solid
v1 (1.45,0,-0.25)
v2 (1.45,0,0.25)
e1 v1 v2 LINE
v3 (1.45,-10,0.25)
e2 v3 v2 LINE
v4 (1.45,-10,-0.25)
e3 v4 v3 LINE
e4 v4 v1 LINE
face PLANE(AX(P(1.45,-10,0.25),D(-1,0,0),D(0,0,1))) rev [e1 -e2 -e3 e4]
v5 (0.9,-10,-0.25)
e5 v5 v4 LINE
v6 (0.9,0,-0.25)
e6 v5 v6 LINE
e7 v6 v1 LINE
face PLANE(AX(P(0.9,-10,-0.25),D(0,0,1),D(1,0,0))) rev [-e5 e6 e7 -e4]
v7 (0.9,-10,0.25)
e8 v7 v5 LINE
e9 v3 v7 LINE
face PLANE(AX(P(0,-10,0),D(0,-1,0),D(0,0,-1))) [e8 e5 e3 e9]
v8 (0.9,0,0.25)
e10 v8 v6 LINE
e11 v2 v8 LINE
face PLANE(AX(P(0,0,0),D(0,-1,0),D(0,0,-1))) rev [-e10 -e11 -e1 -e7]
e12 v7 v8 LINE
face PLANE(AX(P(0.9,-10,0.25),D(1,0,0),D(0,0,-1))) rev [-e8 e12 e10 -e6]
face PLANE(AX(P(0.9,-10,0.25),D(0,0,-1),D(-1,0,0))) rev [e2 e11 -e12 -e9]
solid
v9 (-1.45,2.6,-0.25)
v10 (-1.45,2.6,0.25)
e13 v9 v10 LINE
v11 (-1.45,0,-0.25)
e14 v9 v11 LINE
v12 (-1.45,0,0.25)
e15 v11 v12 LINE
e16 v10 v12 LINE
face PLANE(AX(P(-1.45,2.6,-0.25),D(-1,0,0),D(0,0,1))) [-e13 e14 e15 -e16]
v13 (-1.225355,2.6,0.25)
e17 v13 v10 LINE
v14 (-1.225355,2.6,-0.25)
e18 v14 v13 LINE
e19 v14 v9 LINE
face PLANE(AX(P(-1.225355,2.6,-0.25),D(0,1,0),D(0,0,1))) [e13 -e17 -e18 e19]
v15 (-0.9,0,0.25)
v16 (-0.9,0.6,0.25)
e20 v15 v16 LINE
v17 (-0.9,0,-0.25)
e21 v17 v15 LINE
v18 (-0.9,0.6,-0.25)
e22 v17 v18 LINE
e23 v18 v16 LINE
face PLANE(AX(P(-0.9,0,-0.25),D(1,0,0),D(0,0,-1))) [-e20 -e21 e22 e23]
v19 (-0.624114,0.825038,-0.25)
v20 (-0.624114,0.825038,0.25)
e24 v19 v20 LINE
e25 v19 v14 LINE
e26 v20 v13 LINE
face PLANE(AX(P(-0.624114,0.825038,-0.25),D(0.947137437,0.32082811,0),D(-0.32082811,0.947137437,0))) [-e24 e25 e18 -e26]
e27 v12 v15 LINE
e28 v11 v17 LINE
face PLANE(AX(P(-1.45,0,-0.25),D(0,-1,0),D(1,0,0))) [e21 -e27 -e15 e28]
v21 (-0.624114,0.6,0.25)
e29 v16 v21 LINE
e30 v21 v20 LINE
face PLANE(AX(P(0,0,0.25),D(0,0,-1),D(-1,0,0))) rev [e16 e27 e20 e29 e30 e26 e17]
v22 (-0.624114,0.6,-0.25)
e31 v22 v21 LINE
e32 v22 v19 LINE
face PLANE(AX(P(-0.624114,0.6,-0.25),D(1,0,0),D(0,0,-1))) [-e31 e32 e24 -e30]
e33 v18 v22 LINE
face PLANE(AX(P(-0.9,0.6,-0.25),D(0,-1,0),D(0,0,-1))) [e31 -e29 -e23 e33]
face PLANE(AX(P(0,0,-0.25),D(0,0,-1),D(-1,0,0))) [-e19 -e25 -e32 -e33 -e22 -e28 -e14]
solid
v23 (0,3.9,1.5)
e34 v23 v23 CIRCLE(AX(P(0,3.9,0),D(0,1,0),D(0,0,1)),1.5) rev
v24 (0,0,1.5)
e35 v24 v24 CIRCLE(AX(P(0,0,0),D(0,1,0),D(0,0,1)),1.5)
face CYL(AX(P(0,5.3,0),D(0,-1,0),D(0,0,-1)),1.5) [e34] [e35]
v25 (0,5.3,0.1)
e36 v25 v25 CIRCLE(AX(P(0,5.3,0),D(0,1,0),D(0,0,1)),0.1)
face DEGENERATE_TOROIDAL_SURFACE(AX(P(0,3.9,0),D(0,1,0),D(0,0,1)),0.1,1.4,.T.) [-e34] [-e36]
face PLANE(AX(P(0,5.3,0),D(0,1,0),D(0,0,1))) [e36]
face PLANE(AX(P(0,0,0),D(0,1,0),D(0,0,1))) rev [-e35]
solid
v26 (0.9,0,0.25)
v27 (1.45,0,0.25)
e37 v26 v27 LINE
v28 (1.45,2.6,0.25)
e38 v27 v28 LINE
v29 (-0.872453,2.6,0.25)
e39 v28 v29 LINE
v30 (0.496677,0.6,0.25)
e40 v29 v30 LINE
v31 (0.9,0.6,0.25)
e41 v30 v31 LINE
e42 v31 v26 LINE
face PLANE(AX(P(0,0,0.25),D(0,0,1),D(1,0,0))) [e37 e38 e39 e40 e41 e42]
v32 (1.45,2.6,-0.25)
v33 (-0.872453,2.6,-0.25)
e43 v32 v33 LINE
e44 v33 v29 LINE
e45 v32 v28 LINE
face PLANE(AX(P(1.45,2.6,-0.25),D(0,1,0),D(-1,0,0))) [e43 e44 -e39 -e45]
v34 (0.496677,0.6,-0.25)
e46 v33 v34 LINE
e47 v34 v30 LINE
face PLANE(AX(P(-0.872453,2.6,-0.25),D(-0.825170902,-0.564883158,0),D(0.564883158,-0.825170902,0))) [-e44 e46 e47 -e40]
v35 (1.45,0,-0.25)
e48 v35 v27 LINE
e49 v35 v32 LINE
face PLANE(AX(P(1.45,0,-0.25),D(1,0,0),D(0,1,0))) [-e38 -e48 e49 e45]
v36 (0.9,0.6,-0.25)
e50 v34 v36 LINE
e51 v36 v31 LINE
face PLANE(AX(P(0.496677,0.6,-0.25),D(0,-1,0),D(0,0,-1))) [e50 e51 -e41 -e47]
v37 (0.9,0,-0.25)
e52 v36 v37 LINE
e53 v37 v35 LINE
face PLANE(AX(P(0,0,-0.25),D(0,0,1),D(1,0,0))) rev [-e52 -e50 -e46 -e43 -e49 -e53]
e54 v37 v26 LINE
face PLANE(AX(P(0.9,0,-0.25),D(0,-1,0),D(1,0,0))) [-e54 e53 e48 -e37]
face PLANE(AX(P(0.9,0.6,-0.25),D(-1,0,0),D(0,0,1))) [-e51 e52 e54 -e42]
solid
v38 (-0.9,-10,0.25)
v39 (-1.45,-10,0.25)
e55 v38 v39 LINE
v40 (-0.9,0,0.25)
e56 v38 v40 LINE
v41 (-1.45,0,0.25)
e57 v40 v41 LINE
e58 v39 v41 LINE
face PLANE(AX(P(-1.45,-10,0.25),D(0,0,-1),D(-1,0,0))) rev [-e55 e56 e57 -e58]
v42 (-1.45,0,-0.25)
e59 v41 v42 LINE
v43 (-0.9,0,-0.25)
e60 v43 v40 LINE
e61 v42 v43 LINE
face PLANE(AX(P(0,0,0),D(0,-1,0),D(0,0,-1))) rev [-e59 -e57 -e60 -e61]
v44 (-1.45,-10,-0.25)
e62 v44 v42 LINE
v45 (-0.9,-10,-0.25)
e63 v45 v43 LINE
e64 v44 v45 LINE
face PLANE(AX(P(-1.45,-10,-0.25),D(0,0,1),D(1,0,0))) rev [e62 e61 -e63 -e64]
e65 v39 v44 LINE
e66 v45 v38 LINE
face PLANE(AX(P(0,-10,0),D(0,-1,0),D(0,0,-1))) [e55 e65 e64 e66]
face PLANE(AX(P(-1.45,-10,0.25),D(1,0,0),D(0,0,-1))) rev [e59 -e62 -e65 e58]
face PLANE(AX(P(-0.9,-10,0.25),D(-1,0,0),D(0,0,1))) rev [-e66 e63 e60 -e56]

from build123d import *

# Parameters (mm, degrees)
SKETCH2_R                  = 1.5
BOSS_EXTRUDE1_DEPTH        = 5.3
FILLET1_R                  = 1.4
BOSS_EXTRUDE2_DEPTH        = 0.25
BOSS_EXTRUDE2_DEPTH_BACK   = 0.25
BOSS_EXTRUDE2_2_DEPTH      = 0.25
BOSS_EXTRUDE2_2_DEPTH_BACK = 0.25
SKETCH4_W                  = 0.55
SKETCH4_H                  = 0.5
BOSS_EXTRUDE3_DEPTH        = 10
BOSS_EXTRUDE3_2_DEPTH      = 10


with BuildPart() as part:
    # Sketch2 → Boss-Extrude1 (new body)
    with BuildSketch(Plane(origin=(0, 0, 0), x_dir=(1, 0, 0), z_dir=(0, 1, 0))):
        Circle(SKETCH2_R)
    extrude(amount=BOSS_EXTRUDE1_DEPTH)

    # Fillet1
    fillet1_edges = [part.edges().sort_by_distance(p)[0] for p in [
        (-1.5, 5.3, 0),
    ]]
    fillet(fillet1_edges, radius=FILLET1_R)


with BuildPart() as body_2:
    # Sketch3 → Boss-Extrude2 (new, two sides: drawn at the far end of the back side and taken through both)
    with BuildSketch(Plane.XY.offset(-BOSS_EXTRUDE2_DEPTH_BACK)):
        Polygon((-1.45, 2.6), (-1.45, 0), (-0.9, 0), (-0.9, 0.6), (-0.624114196, 0.6), (-0.624114196, 0.82503781), (-1.225355096, 2.6), align=None)
    extrude(amount=BOSS_EXTRUDE2_DEPTH + BOSS_EXTRUDE2_DEPTH_BACK)


with BuildPart() as body_3:
    # Sketch3 → Boss-Extrude2 2 (new, two sides: drawn at the far end of the back side and taken through both)
    with BuildSketch(Plane.XY.offset(-BOSS_EXTRUDE2_2_DEPTH_BACK)):
        Polygon((1.45, 2.6), (-0.872452828, 2.6), (0.496677266, 0.6), (0.9, 0.6), (0.9, 0), (1.45, 0), align=None)
    extrude(amount=BOSS_EXTRUDE2_2_DEPTH + BOSS_EXTRUDE2_2_DEPTH_BACK)


with BuildPart() as body_4:
    # Sketch4 → Boss-Extrude3 (new body)
    with BuildSketch(Plane(origin=(0, 0, 0), x_dir=(-1, 0, 0), z_dir=(0, -1, 0))):
        with Locations((1.175, 0)):
            Rectangle(SKETCH4_W, SKETCH4_H)
    extrude(amount=BOSS_EXTRUDE3_DEPTH)


with BuildPart() as body_5:
    # Sketch4 → Boss-Extrude3 2 (new body)
    with BuildSketch(Plane(origin=(0, 0, 0), x_dir=(-1, 0, 0), z_dir=(0, -1, 0))):
        with Locations((-1.175, 0)):
            Rectangle(SKETCH4_W, SKETCH4_H)
    extrude(amount=BOSS_EXTRUDE3_2_DEPTH)


solid = Compound([part.part, body_2.part, body_3.part, body_4.part, body_5.part])
